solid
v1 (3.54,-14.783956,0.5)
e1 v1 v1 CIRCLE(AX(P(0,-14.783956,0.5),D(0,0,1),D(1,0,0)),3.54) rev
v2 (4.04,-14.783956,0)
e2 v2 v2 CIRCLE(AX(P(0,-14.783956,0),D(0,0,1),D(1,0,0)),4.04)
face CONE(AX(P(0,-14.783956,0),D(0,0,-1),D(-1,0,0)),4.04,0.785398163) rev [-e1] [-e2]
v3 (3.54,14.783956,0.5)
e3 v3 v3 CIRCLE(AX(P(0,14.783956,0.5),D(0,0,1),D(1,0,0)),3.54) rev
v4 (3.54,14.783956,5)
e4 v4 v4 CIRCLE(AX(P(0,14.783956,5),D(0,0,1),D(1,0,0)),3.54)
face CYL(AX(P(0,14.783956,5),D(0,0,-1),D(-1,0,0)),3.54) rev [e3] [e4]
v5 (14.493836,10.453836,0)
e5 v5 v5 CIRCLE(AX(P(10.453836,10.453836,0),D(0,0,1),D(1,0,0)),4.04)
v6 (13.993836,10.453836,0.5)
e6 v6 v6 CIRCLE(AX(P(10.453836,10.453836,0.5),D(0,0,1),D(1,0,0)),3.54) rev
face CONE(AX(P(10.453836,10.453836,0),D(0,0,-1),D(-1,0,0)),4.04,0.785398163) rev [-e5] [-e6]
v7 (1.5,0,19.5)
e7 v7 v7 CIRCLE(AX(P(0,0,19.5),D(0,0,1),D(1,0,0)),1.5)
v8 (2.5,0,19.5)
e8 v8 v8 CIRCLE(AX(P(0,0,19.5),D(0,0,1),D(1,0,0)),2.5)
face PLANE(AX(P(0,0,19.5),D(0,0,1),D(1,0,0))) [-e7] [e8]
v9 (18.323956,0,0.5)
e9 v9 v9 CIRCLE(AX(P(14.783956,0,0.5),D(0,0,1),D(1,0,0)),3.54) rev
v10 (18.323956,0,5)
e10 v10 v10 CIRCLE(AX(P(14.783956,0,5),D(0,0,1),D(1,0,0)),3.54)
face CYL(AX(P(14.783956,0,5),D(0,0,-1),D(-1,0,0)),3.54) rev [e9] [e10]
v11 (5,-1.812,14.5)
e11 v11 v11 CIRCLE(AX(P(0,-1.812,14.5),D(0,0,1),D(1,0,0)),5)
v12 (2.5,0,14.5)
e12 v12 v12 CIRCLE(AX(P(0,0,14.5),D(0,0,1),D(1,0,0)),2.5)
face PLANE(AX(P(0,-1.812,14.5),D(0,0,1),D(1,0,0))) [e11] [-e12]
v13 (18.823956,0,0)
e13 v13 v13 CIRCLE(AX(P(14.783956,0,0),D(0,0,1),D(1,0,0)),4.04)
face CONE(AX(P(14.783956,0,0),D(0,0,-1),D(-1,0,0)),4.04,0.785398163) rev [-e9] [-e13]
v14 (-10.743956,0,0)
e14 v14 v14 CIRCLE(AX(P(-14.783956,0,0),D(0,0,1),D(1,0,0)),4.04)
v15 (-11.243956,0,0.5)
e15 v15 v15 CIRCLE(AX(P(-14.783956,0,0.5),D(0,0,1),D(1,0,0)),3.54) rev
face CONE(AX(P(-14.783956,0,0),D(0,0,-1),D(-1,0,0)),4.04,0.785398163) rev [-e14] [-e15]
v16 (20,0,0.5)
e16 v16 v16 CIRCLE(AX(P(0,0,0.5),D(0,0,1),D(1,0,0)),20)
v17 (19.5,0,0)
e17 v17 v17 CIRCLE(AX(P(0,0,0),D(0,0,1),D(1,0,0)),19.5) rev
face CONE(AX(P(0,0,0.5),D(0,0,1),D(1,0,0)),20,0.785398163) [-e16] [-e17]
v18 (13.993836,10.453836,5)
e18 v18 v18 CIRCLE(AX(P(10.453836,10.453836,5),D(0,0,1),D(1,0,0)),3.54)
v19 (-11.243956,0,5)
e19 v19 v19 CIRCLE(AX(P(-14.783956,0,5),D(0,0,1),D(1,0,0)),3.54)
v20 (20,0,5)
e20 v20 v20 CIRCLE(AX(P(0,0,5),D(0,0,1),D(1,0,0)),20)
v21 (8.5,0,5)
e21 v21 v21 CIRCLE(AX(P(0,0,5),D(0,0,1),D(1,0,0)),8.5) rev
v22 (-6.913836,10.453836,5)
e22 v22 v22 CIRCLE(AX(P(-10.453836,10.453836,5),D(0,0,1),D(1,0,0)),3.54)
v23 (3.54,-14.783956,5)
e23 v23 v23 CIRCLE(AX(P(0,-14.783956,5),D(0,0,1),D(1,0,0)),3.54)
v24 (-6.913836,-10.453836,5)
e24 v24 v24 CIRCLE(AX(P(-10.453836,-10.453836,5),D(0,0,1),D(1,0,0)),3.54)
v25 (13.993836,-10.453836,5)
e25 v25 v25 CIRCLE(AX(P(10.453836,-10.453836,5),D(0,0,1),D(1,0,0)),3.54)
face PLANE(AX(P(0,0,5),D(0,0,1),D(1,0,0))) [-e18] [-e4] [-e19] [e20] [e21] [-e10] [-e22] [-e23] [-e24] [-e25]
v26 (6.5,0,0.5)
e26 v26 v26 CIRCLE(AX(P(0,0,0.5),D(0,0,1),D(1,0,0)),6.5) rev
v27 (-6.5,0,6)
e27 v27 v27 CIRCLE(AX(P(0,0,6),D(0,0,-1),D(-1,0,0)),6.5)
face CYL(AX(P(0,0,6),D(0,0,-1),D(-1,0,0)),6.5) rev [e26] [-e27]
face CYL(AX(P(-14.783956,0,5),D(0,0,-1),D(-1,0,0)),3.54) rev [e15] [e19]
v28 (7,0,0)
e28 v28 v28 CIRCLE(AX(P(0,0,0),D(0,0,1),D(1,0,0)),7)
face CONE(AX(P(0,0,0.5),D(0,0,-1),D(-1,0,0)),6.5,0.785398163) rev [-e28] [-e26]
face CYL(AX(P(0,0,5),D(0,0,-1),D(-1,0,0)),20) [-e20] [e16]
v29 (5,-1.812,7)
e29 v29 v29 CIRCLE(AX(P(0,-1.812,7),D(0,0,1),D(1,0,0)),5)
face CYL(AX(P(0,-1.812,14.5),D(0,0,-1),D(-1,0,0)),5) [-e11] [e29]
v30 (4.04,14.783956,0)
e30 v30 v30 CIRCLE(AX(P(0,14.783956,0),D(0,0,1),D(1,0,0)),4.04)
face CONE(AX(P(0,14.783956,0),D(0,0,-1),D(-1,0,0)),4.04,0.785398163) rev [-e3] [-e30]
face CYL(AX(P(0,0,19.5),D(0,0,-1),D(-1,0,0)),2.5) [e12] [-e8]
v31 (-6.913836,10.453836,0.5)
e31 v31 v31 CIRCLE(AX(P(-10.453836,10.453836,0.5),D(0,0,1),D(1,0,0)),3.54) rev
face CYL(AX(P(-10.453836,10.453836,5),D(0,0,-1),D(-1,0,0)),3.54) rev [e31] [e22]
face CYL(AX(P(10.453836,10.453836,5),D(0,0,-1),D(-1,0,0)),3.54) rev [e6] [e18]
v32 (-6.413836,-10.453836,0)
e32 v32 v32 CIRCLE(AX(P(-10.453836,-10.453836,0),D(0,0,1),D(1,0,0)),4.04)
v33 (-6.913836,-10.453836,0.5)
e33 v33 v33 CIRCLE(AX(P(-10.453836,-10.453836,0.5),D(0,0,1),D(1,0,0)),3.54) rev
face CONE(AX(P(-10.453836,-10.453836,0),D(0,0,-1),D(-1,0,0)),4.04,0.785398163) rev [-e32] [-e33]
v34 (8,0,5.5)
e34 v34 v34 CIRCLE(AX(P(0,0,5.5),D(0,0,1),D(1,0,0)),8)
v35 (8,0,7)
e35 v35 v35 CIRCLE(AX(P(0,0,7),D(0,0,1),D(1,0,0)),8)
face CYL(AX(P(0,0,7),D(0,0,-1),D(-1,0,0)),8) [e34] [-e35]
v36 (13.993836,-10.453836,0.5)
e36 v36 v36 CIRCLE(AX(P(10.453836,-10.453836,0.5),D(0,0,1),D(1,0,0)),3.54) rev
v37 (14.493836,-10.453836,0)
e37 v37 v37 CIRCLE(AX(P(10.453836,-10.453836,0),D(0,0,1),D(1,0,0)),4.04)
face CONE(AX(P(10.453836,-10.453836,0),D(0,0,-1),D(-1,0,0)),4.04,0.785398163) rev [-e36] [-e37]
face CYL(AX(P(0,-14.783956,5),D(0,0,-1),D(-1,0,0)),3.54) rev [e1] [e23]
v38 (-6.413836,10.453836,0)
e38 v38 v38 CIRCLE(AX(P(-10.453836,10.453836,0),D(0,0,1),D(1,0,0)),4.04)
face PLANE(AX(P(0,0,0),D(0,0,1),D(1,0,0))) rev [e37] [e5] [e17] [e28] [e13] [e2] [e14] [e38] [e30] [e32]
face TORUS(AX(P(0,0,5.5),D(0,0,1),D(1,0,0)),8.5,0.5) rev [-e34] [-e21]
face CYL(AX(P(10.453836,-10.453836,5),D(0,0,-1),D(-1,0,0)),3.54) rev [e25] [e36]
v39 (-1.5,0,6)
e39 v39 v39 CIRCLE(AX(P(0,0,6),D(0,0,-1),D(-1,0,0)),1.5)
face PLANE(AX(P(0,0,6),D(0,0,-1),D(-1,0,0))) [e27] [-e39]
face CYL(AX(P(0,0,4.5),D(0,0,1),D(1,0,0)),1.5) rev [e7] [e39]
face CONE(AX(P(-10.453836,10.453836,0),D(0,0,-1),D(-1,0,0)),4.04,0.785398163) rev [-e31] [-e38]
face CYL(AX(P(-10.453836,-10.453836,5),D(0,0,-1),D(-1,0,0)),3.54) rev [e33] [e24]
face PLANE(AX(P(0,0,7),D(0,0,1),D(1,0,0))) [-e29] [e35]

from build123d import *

# Parameters (mm, degrees)
SKETCH1_R           = 20
SKETCH1_R_2         = 3.54
BOSS_EXTRUDE1_DEPTH = 5
SKETCH2_R           = 8
BOSS_EXTRUDE2_DEPTH = 2
SKETCH3_R           = 6.5
CUT_EXTRUDE1_DEPTH  = 6
SKETCH4_R           = 5
BOSS_EXTRUDE3_DEPTH = 7.5
SKETCH5_R           = 2.5
BOSS_EXTRUDE4_DEPTH = 5
FILLET1_R           = 0.5
CHAMFER1_SIZE       = 0.5
SKETCH7_R           = 1.5
CUT_EXTRUDE2_DEPTH  = 15


with BuildPart() as part:
    # Sketch1 → Boss-Extrude1 (new body)
    with BuildSketch(Plane.XY):
        Circle(SKETCH1_R)
        with Locations((-14.783956386, 0)):
            Circle(SKETCH1_R_2, mode=Mode.SUBTRACT)
        with Locations((-10.453835814, -10.453835814)):
            Circle(SKETCH1_R_2, mode=Mode.SUBTRACT)
        with Locations((0, -14.783956386)):
            Circle(SKETCH1_R_2, mode=Mode.SUBTRACT)
        with Locations((10.453835814, -10.453835814)):
            Circle(SKETCH1_R_2, mode=Mode.SUBTRACT)
        with Locations((14.783956386, 0)):
            Circle(SKETCH1_R_2, mode=Mode.SUBTRACT)
        with Locations((10.453835814, 10.453835814)):
            Circle(SKETCH1_R_2, mode=Mode.SUBTRACT)
        with Locations((0, 14.783956386)):
            Circle(SKETCH1_R_2, mode=Mode.SUBTRACT)
        with Locations((-10.453835814, 10.453835814)):
            Circle(SKETCH1_R_2, mode=Mode.SUBTRACT)
    extrude(amount=BOSS_EXTRUDE1_DEPTH)

    # Sketch2 → Boss-Extrude2 (add)
    with BuildSketch(Plane.XY.offset(5)):
        Circle(SKETCH2_R)
    extrude(amount=BOSS_EXTRUDE2_DEPTH)

    # Sketch3 → Cut-Extrude1 (cut)
    with BuildSketch(Plane(origin=(0, 0, 0), x_dir=(-1, 0, 0), z_dir=(0, 0, -1))):
        Circle(SKETCH3_R)
    extrude(amount=-CUT_EXTRUDE1_DEPTH, mode=Mode.SUBTRACT)

    # Sketch4 → Boss-Extrude3 (add)
    with BuildSketch(Plane.XY.offset(7)):
        with Locations((0, -1.812)):
            Circle(SKETCH4_R)
    extrude(amount=BOSS_EXTRUDE3_DEPTH)

    # Sketch5 → Boss-Extrude4 (add)
    with BuildSketch(Plane.XY.offset(14.5)):
        Circle(SKETCH5_R)
    extrude(amount=BOSS_EXTRUDE4_DEPTH)

    # Fillet1
    fillet1_edges = [part.edges().sort_by_distance(p)[0] for p in [
        (-8, 0, 5),
    ]]
    fillet(fillet1_edges, radius=FILLET1_R)

    # Chamfer1
    chamfer1_edges = [part.edges().sort_by_distance(p)[0] for p in [
        (-3.54, -14.783956386, 0),
        (6.913835814, -10.453835814, 0),
        (-20, 0, 0),
        (11.243956386, 0, 0),
        (6.913835814, 10.453835814, 0),
        (-3.54, 14.783956386, 0),
        (-13.993835814, 10.453835814, 0),
        (6.5, 0, 0),
        (-18.323956386, 0, 0),
        (-13.993835814, -10.453835814, 0),
    ]]
    chamfer(chamfer1_edges, length=CHAMFER1_SIZE)

    # Sketch7 → Cut-Extrude2 (cut)
    with BuildSketch(Plane.XY.offset(19.5)):
        Circle(SKETCH7_R)
    extrude(amount=-CUT_EXTRUDE2_DEPTH, mode=Mode.SUBTRACT)


solid = part.part
